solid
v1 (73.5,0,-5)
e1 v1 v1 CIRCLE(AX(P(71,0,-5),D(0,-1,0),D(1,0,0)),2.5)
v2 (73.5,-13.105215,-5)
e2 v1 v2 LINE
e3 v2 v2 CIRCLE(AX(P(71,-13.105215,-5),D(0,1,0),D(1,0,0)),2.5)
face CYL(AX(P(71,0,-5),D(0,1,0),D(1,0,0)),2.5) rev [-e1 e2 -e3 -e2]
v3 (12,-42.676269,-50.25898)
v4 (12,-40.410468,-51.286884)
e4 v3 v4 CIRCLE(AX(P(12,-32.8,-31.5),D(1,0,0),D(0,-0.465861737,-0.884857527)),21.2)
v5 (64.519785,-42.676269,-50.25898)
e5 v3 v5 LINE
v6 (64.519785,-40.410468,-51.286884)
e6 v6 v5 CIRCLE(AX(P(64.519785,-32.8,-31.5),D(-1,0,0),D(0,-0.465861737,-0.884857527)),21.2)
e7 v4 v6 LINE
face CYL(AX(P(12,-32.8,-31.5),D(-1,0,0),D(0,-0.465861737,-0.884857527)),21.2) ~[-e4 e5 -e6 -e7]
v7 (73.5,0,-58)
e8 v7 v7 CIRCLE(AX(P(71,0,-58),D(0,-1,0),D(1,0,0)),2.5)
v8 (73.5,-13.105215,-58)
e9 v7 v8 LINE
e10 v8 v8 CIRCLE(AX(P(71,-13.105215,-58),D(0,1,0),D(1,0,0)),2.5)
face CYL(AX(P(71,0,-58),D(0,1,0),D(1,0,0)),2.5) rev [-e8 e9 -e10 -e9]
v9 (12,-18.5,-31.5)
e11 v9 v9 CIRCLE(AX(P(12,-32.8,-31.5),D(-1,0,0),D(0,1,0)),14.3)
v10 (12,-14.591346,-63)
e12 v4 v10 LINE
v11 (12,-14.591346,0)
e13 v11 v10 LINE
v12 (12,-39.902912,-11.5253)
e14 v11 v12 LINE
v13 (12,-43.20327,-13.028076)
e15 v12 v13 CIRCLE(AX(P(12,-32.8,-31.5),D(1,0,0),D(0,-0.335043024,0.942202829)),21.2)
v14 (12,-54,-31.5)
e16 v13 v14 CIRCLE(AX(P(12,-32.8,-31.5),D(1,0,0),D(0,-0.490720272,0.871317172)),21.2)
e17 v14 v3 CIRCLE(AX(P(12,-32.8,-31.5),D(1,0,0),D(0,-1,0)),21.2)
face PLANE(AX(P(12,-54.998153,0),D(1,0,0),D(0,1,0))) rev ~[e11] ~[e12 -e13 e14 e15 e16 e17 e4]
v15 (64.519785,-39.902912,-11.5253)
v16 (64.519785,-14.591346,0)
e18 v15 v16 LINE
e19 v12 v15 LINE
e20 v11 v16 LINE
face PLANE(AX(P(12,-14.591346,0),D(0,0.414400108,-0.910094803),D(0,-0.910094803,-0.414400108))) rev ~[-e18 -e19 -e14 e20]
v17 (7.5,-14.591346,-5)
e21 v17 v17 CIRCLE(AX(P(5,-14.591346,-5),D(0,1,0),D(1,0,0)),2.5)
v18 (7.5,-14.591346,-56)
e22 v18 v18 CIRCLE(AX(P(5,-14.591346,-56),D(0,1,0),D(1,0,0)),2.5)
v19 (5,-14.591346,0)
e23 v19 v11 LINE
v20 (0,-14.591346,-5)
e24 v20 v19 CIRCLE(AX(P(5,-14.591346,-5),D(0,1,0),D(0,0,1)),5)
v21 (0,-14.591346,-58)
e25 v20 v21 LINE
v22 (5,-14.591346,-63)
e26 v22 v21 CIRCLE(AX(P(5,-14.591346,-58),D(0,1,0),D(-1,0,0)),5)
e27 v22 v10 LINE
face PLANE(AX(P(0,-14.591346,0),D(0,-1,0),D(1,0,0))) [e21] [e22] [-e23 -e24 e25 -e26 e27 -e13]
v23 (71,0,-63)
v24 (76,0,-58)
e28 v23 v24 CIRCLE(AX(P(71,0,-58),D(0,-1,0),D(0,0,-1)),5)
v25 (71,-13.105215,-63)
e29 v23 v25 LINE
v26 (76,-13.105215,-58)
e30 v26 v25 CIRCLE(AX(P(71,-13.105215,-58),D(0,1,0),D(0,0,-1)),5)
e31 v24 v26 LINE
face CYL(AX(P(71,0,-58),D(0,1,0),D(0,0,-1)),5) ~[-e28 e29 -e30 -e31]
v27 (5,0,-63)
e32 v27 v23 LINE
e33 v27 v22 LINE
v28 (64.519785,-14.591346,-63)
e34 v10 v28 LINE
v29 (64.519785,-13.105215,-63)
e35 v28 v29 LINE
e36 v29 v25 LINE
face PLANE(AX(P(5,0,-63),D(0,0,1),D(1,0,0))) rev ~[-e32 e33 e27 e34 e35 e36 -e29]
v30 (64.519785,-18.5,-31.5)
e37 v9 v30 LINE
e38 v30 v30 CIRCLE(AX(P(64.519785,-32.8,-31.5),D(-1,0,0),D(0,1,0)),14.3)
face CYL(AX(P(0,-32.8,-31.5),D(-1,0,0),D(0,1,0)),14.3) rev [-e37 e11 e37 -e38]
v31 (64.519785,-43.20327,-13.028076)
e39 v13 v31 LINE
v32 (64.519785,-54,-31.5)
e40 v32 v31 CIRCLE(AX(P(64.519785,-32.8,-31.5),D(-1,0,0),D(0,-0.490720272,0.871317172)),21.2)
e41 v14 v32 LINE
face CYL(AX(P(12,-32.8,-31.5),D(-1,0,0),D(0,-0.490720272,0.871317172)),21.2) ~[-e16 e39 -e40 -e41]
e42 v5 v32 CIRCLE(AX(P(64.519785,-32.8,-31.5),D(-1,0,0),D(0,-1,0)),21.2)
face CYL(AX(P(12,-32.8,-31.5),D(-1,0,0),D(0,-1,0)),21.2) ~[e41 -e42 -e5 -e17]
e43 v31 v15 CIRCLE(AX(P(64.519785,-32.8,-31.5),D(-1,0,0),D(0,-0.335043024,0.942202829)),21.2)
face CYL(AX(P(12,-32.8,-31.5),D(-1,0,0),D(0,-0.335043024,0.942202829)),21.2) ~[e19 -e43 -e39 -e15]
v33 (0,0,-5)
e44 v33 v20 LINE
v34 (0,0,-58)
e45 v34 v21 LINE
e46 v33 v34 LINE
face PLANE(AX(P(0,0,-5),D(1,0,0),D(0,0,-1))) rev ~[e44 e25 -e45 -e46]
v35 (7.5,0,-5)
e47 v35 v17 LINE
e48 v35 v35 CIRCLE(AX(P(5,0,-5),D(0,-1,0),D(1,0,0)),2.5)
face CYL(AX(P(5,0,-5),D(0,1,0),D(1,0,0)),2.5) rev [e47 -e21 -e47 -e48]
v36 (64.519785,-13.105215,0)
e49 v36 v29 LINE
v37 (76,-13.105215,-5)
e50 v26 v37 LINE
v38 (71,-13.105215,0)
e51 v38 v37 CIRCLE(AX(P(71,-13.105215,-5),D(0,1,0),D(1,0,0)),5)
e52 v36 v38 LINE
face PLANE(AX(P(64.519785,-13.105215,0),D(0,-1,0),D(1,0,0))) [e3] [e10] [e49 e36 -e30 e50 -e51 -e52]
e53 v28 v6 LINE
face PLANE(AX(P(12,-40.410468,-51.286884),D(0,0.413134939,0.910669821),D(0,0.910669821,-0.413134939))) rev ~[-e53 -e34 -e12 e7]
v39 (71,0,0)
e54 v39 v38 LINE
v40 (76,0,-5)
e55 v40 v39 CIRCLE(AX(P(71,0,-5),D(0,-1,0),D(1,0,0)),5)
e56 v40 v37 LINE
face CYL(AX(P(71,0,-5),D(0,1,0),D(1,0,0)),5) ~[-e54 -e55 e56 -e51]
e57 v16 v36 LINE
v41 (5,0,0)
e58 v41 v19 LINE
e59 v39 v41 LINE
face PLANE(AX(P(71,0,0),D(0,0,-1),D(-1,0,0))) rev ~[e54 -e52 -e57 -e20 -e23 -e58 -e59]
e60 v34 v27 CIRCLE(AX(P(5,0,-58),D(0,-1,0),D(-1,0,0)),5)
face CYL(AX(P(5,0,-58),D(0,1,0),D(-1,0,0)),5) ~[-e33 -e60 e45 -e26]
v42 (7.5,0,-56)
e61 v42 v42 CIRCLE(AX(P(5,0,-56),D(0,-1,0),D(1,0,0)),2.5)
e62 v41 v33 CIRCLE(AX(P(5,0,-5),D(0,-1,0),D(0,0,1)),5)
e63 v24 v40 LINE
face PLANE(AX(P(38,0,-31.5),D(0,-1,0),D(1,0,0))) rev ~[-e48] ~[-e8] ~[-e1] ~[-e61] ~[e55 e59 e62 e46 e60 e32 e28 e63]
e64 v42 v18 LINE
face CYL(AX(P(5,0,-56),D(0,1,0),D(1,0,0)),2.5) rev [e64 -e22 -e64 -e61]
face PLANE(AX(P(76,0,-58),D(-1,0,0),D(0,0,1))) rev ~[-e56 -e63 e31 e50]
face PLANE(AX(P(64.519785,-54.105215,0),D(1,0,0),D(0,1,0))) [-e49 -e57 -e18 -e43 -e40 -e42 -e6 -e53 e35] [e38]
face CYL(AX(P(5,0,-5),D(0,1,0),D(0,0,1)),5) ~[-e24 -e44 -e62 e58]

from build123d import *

# Parameters (mm, degrees)
F0_R     = 2.5
F1_DEPTH = 54
F2_W     = 12
F2_H     = 40.4068064877
F2_H_2   = 41
F3_DEPTH = 65
F4_R     = 14.3
F5_DEPTH = 100
F7_DEPTH = 100


with BuildPart() as f1:
    # F0 (on Front) → F1 (new body)
    with BuildSketch(Plane.XZ):
        with BuildLine():
            Line((71, 0), (5, 0))
            ThreePointArc((5, 0), (1.4644660941, -1.4644660941), (0, -5))
            Line((0, -5), (0, -58))
            ThreePointArc((0, -58), (1.4644660941, -61.5355339059), (5, -63))
            Line((5, -63), (71, -63))
            ThreePointArc((71, -63), (74.5355339059, -61.5355339059), (76, -58))
            Line((76, -58), (76, -5))
            ThreePointArc((76, -5), (74.5355339059, -1.4644660941), (71, 0))
        make_face()
        with Locations((5, -56)):
            Circle(F0_R, mode=Mode.SUBTRACT)
        with Locations((71, -58)):
            Circle(F0_R, mode=Mode.SUBTRACT)
        with Locations((5, -5)):
            Circle(F0_R, mode=Mode.SUBTRACT)
        with Locations((71, -5)):
            Circle(F0_R, mode=Mode.SUBTRACT)
    extrude(amount=F1_DEPTH)

    # F2 (on Top) → F3 (cut)
    with BuildSketch(Plane.XY):
        with Locations((6, -34.7947494417)):
            Rectangle(F2_W, F2_H)
        with Locations((70.5197853446, -33.6052147746)):
            Rectangle(F2_W, F2_H_2)
    extrude(amount=-F3_DEPTH, mode=Mode.SUBTRACT)

    # F4 (on Right) → F5 (cut)
    with BuildSketch(Plane.YZ):
        with Locations((-32.8, -31.5)):
            Circle(F4_R)
    extrude(amount=F5_DEPTH, mode=Mode.SUBTRACT)

    # F6 (on face) → F7 (cut)
    with BuildSketch(Plane(origin=(12, 0, 0), x_dir=(0, -1, 0), z_dir=(-1, 0, 0))):
        with BuildLine():
            ThreePointArc((42.6762688153, -50.2589795641), (41.5584607083, -50.8062001963), (40.4104675325, -51.2868841392))
            Line((40.4104675325, -51.2868841392), (14.5913461978, -63))
            Line((14.5913461978, -63), (54, -63))
            Line((54, -63), (54, -31.5))
            ThreePointArc((54, -31.5), (50.9496129282, -42.4558911348), (42.6762688153, -50.2589795641))
        make_face()
        with BuildLine():
            ThreePointArc((43.2032697632, -13.0280759466), (51.1028593255, -20.8020870956), (54, -31.5))
            Line((54, -31.5), (54, 0))
            Line((54, 0), (14.5913461978, 0))
            Line((14.5913461978, 0), (39.9029121162, -11.5253000155))
            ThreePointArc((39.9029121162, -11.5253000155), (41.5852822877, -12.205990175), (43.2032697632, -13.0280759466))
        make_face()
    extrude(amount=-F7_DEPTH, mode=Mode.SUBTRACT)


solid = f1.part
